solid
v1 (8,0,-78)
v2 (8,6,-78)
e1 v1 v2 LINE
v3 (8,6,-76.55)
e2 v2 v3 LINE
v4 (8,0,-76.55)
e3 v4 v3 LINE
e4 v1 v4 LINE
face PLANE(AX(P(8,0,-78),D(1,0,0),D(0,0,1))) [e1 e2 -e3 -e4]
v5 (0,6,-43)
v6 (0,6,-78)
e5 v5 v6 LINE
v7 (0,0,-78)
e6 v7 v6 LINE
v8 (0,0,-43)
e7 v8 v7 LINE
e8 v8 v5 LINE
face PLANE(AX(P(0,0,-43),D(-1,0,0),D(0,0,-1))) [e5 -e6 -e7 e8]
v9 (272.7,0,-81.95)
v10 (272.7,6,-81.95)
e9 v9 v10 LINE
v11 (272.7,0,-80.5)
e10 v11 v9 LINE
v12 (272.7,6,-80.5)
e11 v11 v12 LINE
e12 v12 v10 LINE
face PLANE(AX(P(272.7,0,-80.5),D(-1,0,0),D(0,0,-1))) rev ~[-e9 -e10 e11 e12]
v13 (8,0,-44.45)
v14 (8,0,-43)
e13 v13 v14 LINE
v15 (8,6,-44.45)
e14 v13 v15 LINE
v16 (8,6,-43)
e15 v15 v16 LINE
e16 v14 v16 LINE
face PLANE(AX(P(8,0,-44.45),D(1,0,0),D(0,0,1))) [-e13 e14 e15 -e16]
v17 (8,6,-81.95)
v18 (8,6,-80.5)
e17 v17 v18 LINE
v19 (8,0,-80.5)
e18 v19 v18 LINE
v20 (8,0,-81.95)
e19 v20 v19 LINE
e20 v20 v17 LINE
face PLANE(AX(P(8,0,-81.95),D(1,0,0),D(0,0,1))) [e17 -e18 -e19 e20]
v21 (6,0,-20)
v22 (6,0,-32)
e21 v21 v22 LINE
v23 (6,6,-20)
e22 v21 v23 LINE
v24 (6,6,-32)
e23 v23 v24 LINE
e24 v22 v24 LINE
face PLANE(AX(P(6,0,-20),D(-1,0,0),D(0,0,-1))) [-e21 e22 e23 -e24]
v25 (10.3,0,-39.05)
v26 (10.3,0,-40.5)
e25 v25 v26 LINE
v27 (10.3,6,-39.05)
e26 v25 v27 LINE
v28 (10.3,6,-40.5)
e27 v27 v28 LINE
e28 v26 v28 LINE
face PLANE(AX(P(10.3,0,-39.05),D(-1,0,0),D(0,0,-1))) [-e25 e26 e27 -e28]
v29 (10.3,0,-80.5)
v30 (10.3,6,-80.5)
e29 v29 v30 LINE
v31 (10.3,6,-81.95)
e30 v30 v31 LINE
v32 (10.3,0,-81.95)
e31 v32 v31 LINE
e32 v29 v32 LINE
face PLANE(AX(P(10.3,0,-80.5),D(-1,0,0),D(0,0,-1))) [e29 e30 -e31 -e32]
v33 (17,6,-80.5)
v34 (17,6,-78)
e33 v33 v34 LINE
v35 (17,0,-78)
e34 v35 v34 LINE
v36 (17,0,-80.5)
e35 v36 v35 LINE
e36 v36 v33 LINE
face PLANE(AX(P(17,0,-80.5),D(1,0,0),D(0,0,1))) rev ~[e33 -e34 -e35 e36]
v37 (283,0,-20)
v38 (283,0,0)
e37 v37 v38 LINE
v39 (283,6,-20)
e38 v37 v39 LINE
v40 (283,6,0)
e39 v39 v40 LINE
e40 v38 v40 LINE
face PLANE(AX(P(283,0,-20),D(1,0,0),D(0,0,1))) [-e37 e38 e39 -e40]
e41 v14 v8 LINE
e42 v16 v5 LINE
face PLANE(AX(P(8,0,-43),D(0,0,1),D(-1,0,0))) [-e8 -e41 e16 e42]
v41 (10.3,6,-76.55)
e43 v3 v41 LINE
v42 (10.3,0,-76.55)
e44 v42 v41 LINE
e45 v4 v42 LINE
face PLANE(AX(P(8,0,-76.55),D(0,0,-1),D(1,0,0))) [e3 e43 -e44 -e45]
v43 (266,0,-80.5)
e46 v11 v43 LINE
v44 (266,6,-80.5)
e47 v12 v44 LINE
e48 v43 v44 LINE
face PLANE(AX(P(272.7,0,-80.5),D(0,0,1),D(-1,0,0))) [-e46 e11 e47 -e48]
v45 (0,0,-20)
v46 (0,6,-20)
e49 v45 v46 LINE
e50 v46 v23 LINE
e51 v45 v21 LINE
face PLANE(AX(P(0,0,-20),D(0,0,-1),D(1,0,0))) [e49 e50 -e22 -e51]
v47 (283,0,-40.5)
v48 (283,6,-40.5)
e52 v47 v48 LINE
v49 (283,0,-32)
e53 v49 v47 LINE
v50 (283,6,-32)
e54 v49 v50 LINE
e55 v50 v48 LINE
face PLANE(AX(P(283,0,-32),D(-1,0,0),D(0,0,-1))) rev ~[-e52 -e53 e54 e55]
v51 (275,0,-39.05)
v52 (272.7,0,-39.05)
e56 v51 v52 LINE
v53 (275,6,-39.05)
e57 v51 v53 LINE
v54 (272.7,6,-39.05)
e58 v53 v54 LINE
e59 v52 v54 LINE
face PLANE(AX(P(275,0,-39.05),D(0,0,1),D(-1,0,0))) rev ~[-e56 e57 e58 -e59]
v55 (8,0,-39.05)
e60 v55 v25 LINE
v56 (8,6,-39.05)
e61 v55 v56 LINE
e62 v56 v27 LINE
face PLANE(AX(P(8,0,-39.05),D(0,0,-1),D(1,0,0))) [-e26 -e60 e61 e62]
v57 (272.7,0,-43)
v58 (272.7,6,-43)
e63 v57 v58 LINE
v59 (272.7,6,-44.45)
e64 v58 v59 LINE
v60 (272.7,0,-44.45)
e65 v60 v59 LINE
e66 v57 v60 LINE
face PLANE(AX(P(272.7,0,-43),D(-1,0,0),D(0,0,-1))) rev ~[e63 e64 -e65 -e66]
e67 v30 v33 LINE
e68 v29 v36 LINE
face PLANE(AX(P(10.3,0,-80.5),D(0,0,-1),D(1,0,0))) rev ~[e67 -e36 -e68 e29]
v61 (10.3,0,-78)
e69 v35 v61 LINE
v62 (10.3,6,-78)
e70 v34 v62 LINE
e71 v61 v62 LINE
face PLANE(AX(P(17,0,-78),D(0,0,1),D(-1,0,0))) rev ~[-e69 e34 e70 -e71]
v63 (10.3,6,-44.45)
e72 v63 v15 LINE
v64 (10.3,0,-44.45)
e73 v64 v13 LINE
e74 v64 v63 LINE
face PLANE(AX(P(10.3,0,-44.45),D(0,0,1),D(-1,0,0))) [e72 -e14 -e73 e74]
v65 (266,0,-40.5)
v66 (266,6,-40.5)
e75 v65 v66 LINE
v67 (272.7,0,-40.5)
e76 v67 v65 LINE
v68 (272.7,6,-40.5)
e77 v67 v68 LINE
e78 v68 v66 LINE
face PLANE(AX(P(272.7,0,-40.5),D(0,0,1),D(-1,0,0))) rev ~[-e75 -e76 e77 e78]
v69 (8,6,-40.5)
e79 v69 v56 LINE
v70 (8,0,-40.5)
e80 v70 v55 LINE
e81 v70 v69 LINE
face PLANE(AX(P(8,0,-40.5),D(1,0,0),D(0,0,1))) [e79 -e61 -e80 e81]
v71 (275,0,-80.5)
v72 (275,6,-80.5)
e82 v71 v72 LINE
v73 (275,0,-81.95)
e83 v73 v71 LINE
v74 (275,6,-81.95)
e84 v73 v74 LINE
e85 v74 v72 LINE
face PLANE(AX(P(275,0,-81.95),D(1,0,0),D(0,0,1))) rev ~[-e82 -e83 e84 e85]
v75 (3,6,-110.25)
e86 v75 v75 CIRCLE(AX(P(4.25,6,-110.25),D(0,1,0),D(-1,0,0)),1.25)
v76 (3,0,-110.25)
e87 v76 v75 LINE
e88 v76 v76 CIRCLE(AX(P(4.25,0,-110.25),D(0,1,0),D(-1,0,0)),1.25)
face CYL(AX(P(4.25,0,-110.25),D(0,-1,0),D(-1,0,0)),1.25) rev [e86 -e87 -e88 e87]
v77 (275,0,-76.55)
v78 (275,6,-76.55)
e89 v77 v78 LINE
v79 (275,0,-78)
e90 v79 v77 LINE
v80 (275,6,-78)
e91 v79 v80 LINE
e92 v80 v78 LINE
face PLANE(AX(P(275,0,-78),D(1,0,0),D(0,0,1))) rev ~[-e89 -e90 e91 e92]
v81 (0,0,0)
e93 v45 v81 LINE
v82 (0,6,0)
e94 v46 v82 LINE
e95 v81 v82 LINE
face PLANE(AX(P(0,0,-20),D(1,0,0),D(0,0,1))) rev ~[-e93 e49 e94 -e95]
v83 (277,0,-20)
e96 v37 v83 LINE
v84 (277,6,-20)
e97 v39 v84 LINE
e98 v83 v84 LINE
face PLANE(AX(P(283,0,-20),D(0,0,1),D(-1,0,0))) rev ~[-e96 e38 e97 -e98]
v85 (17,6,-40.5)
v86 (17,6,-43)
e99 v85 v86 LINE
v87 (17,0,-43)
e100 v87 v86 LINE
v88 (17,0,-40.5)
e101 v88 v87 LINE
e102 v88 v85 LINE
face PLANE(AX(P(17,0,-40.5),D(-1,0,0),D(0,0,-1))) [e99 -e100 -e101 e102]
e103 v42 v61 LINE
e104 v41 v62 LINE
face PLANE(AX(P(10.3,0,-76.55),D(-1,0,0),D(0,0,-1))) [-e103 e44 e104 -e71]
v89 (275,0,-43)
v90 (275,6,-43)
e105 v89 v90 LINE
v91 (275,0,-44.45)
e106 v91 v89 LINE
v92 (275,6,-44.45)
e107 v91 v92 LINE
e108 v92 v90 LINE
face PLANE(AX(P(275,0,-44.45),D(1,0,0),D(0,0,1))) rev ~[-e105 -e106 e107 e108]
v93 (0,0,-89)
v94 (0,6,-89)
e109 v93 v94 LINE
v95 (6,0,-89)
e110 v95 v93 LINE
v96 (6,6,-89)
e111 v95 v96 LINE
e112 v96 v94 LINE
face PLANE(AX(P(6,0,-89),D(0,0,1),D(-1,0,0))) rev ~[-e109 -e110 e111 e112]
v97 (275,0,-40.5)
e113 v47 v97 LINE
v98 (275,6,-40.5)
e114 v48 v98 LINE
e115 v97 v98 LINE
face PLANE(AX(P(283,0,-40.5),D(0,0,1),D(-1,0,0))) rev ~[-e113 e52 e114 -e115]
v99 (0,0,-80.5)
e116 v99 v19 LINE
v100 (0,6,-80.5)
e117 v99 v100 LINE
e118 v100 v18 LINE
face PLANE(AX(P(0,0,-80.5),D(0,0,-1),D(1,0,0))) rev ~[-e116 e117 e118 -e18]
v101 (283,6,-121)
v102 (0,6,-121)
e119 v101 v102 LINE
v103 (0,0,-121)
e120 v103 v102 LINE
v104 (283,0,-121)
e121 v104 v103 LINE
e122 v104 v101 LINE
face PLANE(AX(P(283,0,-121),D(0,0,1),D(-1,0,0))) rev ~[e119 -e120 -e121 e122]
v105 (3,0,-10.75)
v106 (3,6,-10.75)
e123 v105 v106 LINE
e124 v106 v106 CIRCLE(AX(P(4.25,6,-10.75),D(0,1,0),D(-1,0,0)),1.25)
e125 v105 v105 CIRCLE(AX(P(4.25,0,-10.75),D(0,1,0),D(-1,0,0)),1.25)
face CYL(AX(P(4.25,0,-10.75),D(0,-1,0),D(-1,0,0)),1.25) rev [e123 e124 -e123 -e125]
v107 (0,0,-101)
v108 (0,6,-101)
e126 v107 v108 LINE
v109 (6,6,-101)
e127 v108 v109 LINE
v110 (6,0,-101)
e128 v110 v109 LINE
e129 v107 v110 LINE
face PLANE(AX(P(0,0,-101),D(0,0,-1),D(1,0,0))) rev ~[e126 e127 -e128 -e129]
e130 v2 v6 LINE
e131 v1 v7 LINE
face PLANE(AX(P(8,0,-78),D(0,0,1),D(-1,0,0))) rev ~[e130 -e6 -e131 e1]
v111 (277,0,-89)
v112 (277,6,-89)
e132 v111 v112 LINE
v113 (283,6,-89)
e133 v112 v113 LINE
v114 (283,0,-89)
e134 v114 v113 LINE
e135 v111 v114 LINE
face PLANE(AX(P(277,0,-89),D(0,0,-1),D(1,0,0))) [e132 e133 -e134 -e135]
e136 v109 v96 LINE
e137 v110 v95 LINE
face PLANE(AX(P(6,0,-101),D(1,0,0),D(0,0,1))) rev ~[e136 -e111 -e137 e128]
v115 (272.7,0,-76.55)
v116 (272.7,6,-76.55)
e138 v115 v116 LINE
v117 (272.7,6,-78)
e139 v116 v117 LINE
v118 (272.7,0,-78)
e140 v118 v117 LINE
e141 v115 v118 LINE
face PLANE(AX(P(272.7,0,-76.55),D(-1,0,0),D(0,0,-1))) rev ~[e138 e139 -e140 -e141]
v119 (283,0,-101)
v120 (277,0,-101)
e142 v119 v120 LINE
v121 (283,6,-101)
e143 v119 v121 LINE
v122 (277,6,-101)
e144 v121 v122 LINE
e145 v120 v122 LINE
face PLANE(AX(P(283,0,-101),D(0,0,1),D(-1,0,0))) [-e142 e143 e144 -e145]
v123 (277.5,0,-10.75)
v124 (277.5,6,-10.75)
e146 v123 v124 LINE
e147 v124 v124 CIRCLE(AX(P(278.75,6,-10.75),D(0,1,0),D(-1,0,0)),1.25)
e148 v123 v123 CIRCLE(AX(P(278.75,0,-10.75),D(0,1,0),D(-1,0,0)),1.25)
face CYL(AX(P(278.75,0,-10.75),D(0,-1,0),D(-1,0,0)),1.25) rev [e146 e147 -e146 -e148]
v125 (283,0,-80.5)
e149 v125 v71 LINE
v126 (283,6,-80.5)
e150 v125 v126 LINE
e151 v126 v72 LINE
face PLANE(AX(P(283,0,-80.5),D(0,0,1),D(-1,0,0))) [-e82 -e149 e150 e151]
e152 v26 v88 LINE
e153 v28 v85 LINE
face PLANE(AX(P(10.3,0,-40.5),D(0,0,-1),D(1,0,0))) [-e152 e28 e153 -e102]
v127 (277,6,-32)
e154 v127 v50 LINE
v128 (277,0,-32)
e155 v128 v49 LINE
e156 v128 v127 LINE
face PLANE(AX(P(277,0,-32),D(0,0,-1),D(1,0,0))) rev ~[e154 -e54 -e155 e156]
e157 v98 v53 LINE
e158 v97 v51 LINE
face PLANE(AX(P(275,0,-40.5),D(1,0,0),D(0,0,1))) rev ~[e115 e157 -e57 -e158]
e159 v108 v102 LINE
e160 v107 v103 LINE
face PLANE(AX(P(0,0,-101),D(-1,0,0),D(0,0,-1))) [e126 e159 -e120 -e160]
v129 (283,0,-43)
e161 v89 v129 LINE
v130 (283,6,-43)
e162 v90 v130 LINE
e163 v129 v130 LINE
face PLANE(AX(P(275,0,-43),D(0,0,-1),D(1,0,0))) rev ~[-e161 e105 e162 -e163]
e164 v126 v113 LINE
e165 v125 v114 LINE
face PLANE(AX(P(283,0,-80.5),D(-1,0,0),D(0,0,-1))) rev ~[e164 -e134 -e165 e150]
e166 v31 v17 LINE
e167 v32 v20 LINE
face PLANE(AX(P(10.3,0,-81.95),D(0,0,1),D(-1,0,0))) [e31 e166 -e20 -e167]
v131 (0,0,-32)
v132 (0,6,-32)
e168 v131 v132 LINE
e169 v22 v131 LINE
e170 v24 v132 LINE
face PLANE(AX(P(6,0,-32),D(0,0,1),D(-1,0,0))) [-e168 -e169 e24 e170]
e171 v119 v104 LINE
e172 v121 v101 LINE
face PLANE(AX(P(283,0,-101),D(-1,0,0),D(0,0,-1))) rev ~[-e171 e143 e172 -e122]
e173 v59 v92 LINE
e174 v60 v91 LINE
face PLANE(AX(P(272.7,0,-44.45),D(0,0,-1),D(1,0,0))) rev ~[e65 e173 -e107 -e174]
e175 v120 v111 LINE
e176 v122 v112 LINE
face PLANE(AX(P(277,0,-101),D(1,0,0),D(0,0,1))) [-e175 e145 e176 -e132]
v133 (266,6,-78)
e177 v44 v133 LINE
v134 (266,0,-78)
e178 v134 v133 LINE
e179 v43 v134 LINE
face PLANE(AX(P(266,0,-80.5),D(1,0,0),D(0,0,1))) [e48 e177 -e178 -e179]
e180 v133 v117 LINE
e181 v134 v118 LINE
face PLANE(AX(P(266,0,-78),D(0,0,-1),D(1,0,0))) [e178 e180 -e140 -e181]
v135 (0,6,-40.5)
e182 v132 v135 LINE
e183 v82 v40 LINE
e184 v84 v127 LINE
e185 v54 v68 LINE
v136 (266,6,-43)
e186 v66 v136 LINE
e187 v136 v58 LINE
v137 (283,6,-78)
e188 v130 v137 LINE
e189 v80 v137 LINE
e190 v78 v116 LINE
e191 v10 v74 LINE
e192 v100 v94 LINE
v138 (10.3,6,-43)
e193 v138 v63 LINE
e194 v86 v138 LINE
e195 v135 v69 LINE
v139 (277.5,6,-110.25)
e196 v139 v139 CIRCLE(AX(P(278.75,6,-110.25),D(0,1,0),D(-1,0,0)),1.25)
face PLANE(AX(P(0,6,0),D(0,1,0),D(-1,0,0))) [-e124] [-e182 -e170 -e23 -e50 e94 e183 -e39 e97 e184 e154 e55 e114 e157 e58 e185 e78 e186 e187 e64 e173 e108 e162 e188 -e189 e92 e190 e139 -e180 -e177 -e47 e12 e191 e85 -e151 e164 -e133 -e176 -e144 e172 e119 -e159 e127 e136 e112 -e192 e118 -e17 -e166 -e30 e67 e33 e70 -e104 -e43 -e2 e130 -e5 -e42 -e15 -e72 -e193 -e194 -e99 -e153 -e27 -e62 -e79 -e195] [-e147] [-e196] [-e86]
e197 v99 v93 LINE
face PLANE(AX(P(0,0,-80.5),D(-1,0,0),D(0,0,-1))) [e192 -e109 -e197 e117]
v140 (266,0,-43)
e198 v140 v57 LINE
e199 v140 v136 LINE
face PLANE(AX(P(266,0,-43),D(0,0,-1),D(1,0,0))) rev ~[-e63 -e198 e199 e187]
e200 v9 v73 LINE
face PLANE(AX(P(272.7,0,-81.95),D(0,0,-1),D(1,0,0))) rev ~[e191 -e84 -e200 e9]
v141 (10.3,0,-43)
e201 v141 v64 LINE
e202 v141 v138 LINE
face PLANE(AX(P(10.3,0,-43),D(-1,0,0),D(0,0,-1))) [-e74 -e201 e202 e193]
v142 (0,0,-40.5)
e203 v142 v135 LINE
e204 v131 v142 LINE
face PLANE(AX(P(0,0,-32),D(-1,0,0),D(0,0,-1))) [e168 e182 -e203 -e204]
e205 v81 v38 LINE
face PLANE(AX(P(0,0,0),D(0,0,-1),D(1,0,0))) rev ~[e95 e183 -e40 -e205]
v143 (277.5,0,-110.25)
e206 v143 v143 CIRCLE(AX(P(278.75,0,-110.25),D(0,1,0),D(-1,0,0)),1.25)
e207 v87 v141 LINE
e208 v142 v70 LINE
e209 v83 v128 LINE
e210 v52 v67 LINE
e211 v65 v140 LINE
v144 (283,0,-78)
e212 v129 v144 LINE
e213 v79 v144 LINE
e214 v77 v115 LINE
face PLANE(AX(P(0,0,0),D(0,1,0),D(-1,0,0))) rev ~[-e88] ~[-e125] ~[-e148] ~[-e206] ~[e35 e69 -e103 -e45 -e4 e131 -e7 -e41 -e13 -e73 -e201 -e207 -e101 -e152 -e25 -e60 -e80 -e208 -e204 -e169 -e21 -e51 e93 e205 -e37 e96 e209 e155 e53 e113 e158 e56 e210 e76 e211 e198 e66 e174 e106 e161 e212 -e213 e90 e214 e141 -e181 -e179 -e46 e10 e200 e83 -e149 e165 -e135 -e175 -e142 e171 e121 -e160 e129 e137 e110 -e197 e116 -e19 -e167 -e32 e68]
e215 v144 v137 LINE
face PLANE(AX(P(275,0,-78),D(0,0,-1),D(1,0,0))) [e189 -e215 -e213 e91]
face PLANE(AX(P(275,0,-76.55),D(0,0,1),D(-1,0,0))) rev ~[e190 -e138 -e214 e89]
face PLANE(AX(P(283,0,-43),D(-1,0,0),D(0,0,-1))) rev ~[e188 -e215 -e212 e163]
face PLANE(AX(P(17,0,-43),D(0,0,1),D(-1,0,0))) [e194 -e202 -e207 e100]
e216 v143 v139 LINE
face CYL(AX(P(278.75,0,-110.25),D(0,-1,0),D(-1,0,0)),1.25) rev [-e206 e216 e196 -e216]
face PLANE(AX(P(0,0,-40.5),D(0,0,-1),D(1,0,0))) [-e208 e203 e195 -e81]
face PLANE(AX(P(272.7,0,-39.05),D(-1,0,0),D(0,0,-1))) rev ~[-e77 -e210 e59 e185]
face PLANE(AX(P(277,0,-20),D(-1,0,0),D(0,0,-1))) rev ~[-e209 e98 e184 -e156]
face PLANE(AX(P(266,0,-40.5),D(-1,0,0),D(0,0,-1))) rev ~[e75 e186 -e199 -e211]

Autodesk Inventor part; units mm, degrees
ref_plane "YZ Plane" through (0, 0, 0) normal (1, 0, 0) x (0, 1, 0)
ref_plane "XZ Plane" through (0, 0, 0) normal (0, 1, 0) x (-1, 0, 0)
ref_plane "XY Plane" through (0, 0, 0) normal (0, 0, 1) x (1, 0, 0)
sketch "Sketch1" plane through (0, 0, 0) normal (0, 1, 0) x (-1, 0, 0)
  line L0 (0, 0) -> (-283, 0)
  line L1 (-283, -121) -> (0, -121)
  line L2 (-283, -101) -> (-277, -101)
  line L3 (-277, -101) -> (-277, -89)
  line L4 (-277, -89) -> (-283, -89)
  line L5 (-283, -89) -> (-283, -101) construction
  line L6 (-283, -20) -> (-277, -20)
  line L7 (-277, -20) -> (-277, -32)
  line L8 (-277, -32) -> (-283, -32)
  line L9 (-283, -32) -> (-283, -20) construction
  line L10 (-141.5, 0) -> (-141.5, -121) construction
  line L11 (-283, -20) -> (-283, 0)
  line L12 (-283, -32) -> (-283, -40.5)
  line L13 (-283, -101) -> (-283, -121)
  circle A0 centre (-278.75, -10.75) radius 1.25
  line L14 (-278.75, -10.75) -> (-278.75, -20) construction
  circle A1 centre (-278.75, -110.25) radius 1.25
  line L15 (-283, -80.5) -> (-275, -80.5)
  line L16 (-266, -80.5) -> (-266, -78)
  line L17 (-266, -78) -> (-272.7, -78)
  line L18 (-283, -40.5) -> (-275, -40.5)
  line L19 (-266, -40.5) -> (-266, -43)
  line L20 (-266, -43) -> (-272.7, -43)
  line L21 (-283, -80.5) -> (-283, -89)
  line L22 (-283, -78) -> (-283, -80.5) construction
  line L23 (-283, -43) -> (-283, -78)
  line L24 (-283, -40.5) -> (-283, -43) construction
  line L25 (-272.7, -44.45) -> (-275, -44.45)
  line L26 (-275, -44.45) -> (-275, -43)
  line L27 (-275, -39.05) -> (-272.7, -39.05)
  line L28 (-272.7, -39.05) -> (-272.7, -40.5)
  line L29 (-275, -43) -> (-275, -40.5) construction
  line L30 (-275, -40.5) -> (-275, -39.05)
  line L31 (-272.7, -43) -> (-272.7, -44.45)
  line L32 (-272.7, -40.5) -> (-272.7, -43) construction
  line L33 (-272.7, -40.5) -> (-266, -40.5)
  line L34 (-275, -40.5) -> (-272.7, -40.5) construction
  line L35 (-272.7, -43) -> (-275, -43) construction
  line L36 (-275, -43) -> (-283, -43)
  line L37 (-272.7, -81.95) -> (-275, -81.95)
  line L38 (-275, -81.95) -> (-275, -80.5)
  line L39 (-275, -76.55) -> (-272.7, -76.55)
  line L40 (-272.7, -76.55) -> (-272.7, -78)
  line L41 (-272.7, -80.5) -> (-272.7, -81.95)
  line L42 (-272.7, -78) -> (-272.7, -80.5) construction
  line L43 (-275, -80.5) -> (-275, -78) construction
  line L44 (-275, -78) -> (-275, -76.55)
  line L45 (-275, -80.5) -> (-272.7, -80.5) construction
  line L46 (-272.7, -80.5) -> (-266, -80.5)
  line L47 (-272.7, -78) -> (-275, -78) construction
  line L48 (-275, -78) -> (-283, -78)
  line L49 (0, -101) -> (-6, -101)
  line L50 (-6, -101) -> (-6, -89)
  line L51 (-6, -89) -> (0, -89)
  line L52 (0, -89) -> (0, -101) construction
  line L53 (0, -20) -> (-6, -20)
  line L54 (-6, -20) -> (-6, -32)
  line L55 (-6, -32) -> (0, -32)
  line L56 (0, -32) -> (0, -20) construction
  line L57 (0, -20) -> (0, 0)
  line L58 (0, -32) -> (0, -40.5)
  line L59 (0, -101) -> (0, -121)
  circle A2 centre (-4.25, -10.75) radius 1.25
  line L60 (-4.25, -10.75) -> (-4.25, -20) construction
  circle A3 centre (-4.25, -110.25) radius 1.25
  line L61 (0, -80.5) -> (-8, -80.5)
  line L62 (-17, -80.5) -> (-17, -78)
  line L63 (-17, -78) -> (-10.3, -78)
  line L64 (0, -40.5) -> (-8, -40.5)
  line L65 (-17, -40.5) -> (-17, -43)
  line L66 (-17, -43) -> (-10.3, -43)
  line L67 (0, -80.5) -> (0, -89)
  line L68 (0, -78) -> (0, -80.5) construction
  line L69 (0, -43) -> (0, -78)
  line L70 (0, -40.5) -> (0, -43) construction
  line L71 (-10.3, -44.45) -> (-8, -44.45)
  line L72 (-8, -44.45) -> (-8, -43)
  line L73 (-8, -39.05) -> (-10.3, -39.05)
  line L74 (-10.3, -39.05) -> (-10.3, -40.5)
  line L75 (-8, -43) -> (-8, -40.5) construction
  line L76 (-8, -40.5) -> (-8, -39.05)
  line L77 (-10.3, -43) -> (-10.3, -44.45)
  line L78 (-10.3, -40.5) -> (-10.3, -43) construction
  line L79 (-10.3, -40.5) -> (-17, -40.5)
  line L80 (-8, -40.5) -> (-10.3, -40.5) construction
  line L81 (-10.3, -43) -> (-8, -43) construction
  line L82 (-8, -43) -> (0, -43)
  line L83 (-10.3, -81.95) -> (-8, -81.95)
  line L84 (-8, -81.95) -> (-8, -80.5)
  line L85 (-8, -76.55) -> (-10.3, -76.55)
  line L86 (-10.3, -76.55) -> (-10.3, -78)
  line L87 (-10.3, -80.5) -> (-10.3, -81.95)
  line L88 (-10.3, -78) -> (-10.3, -80.5) construction
  line L89 (-8, -80.5) -> (-8, -78) construction
  line L90 (-8, -78) -> (-8, -76.55)
  line L91 (-8, -80.5) -> (-10.3, -80.5) construction
  line L92 (-10.3, -80.5) -> (-17, -80.5)
  line L93 (-10.3, -78) -> (-8, -78) construction
  line L94 (-8, -78) -> (0, -78)
  dimension "d0" = 283
  dimension "d1" = 121
  dimension "d20" = 6
  dimension "d21" = 12
  dimension "d22" = 12
  dimension "d26" = 57
  dimension "d27" = 2.5
  dimension "d28" = 4.25
  dimension "d29" = 9.25
  dimension "d30" = 2.5
  dimension "d31" = 4.25
  dimension "d32" = 9.25
  dimension "d33" = 17
  dimension "d34" = 2.5
  dimension "d35" = 17
  dimension "d36" = 2.5
  dimension "d37" = 8.5
  dimension "d39" = 20
  dimension "d40" = 2.3
  dimension "d41" = 5.4
  dimension "d42" = 2.3
  dimension "d43" = 5.4
  dimension "d44" = 8
  dimension "d45" = 8
extrude "Extrusion2" add sketch "Sketch1" along normal blind 6
equation "\"d22\" = d21"
equation "\"d30\" = d27"
equation "\"d31\" = d28"
equation "\"d32\" = d29"
equation "\"d33\" = d35"
equation "\"d34\" = d36"
equation "\"d42\" = d40"
equation "\"d43\" = d41"
equation "\"d44\" = d45"
properties part number "wall-front"
